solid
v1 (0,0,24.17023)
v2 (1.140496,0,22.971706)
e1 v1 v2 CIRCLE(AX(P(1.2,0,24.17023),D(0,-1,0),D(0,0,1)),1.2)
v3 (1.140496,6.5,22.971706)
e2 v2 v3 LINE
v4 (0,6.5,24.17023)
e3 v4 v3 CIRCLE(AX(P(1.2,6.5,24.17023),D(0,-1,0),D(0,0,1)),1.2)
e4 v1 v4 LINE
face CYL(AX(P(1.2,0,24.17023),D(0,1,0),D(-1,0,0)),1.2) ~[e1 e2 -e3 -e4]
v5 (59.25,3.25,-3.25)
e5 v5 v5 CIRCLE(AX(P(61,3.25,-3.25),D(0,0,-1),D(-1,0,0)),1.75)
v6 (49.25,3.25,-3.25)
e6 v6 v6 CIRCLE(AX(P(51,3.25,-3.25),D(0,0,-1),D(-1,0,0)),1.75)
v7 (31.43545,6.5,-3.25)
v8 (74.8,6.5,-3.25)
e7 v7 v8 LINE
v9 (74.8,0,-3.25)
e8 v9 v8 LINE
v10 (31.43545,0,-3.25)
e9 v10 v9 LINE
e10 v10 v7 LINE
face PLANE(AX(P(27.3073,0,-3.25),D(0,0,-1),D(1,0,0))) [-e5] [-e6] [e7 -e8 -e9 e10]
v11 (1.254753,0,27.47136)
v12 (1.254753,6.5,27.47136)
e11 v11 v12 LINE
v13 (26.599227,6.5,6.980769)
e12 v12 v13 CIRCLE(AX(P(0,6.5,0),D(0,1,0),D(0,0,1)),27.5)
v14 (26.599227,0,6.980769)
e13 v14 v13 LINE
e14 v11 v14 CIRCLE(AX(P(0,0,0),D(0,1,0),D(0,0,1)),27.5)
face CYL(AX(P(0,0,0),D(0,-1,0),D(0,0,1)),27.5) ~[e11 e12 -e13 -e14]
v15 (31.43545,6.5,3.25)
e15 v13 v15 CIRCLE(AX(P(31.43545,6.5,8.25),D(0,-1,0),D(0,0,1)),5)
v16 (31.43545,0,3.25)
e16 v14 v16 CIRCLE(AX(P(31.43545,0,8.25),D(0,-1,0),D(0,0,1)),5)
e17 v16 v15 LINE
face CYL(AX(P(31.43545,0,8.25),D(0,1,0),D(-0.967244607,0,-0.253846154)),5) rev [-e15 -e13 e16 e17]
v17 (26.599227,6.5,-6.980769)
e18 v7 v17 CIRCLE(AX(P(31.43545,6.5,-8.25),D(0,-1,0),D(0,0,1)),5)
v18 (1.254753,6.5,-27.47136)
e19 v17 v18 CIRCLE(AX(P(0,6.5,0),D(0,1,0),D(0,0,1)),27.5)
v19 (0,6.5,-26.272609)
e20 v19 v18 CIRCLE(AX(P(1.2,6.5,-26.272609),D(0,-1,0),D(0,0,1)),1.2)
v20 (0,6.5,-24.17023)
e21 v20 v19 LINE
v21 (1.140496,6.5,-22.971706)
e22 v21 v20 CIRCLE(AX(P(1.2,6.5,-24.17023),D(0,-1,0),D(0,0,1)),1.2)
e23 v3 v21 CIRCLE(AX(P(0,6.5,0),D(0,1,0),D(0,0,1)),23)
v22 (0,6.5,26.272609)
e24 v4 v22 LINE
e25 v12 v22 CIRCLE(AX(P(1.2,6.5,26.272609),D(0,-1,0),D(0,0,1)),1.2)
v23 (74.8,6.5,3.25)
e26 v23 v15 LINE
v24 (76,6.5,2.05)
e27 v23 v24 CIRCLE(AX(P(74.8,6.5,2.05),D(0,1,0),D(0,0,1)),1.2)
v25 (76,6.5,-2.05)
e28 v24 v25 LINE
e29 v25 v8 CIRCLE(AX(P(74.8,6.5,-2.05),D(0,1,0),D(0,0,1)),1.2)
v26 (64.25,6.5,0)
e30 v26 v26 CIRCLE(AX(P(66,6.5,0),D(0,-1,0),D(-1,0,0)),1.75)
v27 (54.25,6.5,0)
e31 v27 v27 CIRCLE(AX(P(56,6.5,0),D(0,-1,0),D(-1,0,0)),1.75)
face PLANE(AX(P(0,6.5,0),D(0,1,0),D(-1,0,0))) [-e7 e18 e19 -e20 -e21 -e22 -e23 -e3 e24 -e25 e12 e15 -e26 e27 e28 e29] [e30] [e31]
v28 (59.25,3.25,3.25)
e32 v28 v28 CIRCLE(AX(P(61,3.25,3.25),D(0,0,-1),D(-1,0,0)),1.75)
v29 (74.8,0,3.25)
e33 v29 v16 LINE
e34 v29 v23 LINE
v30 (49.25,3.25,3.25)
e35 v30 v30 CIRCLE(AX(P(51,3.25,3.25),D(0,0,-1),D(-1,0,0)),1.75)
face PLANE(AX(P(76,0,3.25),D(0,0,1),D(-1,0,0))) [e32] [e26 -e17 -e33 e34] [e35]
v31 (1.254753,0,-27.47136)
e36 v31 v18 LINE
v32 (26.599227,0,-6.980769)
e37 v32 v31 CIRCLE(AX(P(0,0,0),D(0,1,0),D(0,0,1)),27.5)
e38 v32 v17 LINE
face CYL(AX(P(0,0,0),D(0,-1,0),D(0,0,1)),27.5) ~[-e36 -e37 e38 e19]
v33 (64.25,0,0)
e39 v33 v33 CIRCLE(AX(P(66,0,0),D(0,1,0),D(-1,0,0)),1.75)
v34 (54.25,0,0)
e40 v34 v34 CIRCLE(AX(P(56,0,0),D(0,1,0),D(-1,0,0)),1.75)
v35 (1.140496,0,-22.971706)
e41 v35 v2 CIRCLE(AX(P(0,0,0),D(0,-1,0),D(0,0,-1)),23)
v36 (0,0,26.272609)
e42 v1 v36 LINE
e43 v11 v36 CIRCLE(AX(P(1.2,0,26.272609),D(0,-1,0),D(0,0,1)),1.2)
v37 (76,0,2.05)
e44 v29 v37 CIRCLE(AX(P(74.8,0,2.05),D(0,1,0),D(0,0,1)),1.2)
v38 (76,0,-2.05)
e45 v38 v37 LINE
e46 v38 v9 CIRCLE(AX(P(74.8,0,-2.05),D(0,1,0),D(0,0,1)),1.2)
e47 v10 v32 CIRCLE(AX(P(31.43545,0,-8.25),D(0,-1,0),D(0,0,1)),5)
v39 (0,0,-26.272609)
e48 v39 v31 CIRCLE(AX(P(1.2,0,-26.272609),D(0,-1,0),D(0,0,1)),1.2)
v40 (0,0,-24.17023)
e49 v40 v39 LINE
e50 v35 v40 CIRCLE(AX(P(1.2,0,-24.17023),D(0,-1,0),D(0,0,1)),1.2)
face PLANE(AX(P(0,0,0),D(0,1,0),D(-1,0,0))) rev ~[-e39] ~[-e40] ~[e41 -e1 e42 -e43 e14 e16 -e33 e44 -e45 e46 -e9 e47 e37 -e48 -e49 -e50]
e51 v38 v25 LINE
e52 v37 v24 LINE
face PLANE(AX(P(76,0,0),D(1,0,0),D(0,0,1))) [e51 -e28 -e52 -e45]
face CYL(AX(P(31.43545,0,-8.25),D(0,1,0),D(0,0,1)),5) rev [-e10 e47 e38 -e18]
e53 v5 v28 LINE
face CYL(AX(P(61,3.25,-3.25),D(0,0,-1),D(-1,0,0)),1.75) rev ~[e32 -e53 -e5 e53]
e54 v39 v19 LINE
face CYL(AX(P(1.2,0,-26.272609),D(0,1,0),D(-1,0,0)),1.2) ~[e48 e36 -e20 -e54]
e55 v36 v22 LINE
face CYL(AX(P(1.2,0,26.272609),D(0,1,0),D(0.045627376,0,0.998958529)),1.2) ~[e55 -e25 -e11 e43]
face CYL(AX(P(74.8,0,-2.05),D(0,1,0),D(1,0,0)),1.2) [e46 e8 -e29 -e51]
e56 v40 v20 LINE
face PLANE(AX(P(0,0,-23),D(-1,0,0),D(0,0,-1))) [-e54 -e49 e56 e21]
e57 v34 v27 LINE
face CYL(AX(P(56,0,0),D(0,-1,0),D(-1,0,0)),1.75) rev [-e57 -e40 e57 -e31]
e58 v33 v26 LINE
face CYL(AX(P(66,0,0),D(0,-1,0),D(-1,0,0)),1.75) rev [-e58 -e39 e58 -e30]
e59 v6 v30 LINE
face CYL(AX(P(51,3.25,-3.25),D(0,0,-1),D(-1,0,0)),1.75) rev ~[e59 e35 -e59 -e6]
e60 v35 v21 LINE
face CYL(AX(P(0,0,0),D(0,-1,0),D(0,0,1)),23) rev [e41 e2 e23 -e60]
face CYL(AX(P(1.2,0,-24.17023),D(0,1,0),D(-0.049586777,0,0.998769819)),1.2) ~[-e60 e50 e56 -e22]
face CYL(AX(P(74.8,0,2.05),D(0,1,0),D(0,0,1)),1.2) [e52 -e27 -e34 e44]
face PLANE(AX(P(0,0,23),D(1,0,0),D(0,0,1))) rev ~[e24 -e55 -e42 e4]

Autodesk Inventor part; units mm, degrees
ref_plane "YZ Plane" through (0, 0, 0) normal (1, 0, 0) x (0, 1, 0)
ref_plane "XZ Plane" through (0, 0, 0) normal (0, 1, 0) x (-1, 0, 0)
ref_plane "XY Plane" through (0, 0, 0) normal (0, 0, 1) x (1, 0, 0)
sketch "Szkic1" plane through (0, 0, 0) normal (0, 1, 0) x (-1, 0, 0)
  circle A0 centre (0, 0) radius 23 construction
  arc A1 (0, 23) -> (0, -23) centre (0, 0) ccw
  line L0 (0, 23) -> (0, 27.5)
  line L1 (0, -23) -> (0, -27.5)
  line L2 (0, -38.5) -> (0, 38.5) projected
  arc A2 (0, 27.5) -> (0, -27.5) centre (0, 0) ccw
  line L3 (-76, 3.25) -> (-27.3073, 3.25)
  line L4 (-27.3073, 3.25) -> (-27.3073, -3.25) construction
  line L5 (-27.3073, -3.25) -> (-76, -3.25)
  line L6 (-76, -3.25) -> (-76, 3.25)
  line L7 (42.8, 0) -> (-95.8, 0) projected
  circle A3 centre (-66, 0) radius 1.75
  circle A4 centre (-56, 0) radius 1.75
  point P0 (-27.5, 0)
  point P1 (-23, 0)
  dimension "d0" = 46
  dimension "d1" = 4.5
  dimension "d2" = 4.5
  dimension "d3" = 6.5
  dimension "d4" = 76
  dimension "d5" = 3.5
  dimension "d6" = 10
  dimension "d7" = 10
extrude "Wyciągnięcie proste1" add sketch "Szkic1" along normal blind 6.5 contours A1 L7 A2 L0 | A1 L1 A2 L7 | L7 A4 A3 L6 L3 A2 | A2 L5 L6 L7 A3 A4
sketch "Szkic2" plane through (76, 0, -3.25) normal (0, 0, -1) x (-1, 0, 0)
  line L0 (0, 0) -> (48.6927, 0) projected
  line L1 (48.6927, 0) -> (48.6927, 6.5) projected
  line L2 (0, 6.5) -> (48.6927, 6.5) projected
  line L3 (0, 0) -> (0, 6.5) projected
  line L4 (48.6927, 0) -> (48.6927, 6.5) projected
  line L5 (48.6927, 3.25) -> (0, 3.25) construction
  circle A0 centre (15, 3.25) radius 1.75
  circle A1 centre (25, 3.25) radius 1.75
  point P0 (76, 0)
  dimension "d10" = 3.5
  dimension "d11" = 3.5
  dimension "d12" = 15
  dimension "d13" = 10
extrude "Wyciągnięcie proste2" cut sketch "Szkic2" against normal up to surface (6.5 mm away) contours A0 | A1
fillet "Zaokrąglenie1" radius 5 2 edges at (27.3073, 3.25, 3.25) (27.3073, 3.25, -3.25)
fillet "Zaokrąglenie2" radius 1.2 6 edges at (0, 3.25, 27.5) (0, 3.25, 23) (0, 3.25, -23) (0, 3.25, -27.5) (76, 3.25, 3.25) (76, 3.25, -3.25)
equation "\"d2\" = d1"
equation "\"d8\" = d3"
equation "\"d14\" = d3"
properties part number "stojak"
